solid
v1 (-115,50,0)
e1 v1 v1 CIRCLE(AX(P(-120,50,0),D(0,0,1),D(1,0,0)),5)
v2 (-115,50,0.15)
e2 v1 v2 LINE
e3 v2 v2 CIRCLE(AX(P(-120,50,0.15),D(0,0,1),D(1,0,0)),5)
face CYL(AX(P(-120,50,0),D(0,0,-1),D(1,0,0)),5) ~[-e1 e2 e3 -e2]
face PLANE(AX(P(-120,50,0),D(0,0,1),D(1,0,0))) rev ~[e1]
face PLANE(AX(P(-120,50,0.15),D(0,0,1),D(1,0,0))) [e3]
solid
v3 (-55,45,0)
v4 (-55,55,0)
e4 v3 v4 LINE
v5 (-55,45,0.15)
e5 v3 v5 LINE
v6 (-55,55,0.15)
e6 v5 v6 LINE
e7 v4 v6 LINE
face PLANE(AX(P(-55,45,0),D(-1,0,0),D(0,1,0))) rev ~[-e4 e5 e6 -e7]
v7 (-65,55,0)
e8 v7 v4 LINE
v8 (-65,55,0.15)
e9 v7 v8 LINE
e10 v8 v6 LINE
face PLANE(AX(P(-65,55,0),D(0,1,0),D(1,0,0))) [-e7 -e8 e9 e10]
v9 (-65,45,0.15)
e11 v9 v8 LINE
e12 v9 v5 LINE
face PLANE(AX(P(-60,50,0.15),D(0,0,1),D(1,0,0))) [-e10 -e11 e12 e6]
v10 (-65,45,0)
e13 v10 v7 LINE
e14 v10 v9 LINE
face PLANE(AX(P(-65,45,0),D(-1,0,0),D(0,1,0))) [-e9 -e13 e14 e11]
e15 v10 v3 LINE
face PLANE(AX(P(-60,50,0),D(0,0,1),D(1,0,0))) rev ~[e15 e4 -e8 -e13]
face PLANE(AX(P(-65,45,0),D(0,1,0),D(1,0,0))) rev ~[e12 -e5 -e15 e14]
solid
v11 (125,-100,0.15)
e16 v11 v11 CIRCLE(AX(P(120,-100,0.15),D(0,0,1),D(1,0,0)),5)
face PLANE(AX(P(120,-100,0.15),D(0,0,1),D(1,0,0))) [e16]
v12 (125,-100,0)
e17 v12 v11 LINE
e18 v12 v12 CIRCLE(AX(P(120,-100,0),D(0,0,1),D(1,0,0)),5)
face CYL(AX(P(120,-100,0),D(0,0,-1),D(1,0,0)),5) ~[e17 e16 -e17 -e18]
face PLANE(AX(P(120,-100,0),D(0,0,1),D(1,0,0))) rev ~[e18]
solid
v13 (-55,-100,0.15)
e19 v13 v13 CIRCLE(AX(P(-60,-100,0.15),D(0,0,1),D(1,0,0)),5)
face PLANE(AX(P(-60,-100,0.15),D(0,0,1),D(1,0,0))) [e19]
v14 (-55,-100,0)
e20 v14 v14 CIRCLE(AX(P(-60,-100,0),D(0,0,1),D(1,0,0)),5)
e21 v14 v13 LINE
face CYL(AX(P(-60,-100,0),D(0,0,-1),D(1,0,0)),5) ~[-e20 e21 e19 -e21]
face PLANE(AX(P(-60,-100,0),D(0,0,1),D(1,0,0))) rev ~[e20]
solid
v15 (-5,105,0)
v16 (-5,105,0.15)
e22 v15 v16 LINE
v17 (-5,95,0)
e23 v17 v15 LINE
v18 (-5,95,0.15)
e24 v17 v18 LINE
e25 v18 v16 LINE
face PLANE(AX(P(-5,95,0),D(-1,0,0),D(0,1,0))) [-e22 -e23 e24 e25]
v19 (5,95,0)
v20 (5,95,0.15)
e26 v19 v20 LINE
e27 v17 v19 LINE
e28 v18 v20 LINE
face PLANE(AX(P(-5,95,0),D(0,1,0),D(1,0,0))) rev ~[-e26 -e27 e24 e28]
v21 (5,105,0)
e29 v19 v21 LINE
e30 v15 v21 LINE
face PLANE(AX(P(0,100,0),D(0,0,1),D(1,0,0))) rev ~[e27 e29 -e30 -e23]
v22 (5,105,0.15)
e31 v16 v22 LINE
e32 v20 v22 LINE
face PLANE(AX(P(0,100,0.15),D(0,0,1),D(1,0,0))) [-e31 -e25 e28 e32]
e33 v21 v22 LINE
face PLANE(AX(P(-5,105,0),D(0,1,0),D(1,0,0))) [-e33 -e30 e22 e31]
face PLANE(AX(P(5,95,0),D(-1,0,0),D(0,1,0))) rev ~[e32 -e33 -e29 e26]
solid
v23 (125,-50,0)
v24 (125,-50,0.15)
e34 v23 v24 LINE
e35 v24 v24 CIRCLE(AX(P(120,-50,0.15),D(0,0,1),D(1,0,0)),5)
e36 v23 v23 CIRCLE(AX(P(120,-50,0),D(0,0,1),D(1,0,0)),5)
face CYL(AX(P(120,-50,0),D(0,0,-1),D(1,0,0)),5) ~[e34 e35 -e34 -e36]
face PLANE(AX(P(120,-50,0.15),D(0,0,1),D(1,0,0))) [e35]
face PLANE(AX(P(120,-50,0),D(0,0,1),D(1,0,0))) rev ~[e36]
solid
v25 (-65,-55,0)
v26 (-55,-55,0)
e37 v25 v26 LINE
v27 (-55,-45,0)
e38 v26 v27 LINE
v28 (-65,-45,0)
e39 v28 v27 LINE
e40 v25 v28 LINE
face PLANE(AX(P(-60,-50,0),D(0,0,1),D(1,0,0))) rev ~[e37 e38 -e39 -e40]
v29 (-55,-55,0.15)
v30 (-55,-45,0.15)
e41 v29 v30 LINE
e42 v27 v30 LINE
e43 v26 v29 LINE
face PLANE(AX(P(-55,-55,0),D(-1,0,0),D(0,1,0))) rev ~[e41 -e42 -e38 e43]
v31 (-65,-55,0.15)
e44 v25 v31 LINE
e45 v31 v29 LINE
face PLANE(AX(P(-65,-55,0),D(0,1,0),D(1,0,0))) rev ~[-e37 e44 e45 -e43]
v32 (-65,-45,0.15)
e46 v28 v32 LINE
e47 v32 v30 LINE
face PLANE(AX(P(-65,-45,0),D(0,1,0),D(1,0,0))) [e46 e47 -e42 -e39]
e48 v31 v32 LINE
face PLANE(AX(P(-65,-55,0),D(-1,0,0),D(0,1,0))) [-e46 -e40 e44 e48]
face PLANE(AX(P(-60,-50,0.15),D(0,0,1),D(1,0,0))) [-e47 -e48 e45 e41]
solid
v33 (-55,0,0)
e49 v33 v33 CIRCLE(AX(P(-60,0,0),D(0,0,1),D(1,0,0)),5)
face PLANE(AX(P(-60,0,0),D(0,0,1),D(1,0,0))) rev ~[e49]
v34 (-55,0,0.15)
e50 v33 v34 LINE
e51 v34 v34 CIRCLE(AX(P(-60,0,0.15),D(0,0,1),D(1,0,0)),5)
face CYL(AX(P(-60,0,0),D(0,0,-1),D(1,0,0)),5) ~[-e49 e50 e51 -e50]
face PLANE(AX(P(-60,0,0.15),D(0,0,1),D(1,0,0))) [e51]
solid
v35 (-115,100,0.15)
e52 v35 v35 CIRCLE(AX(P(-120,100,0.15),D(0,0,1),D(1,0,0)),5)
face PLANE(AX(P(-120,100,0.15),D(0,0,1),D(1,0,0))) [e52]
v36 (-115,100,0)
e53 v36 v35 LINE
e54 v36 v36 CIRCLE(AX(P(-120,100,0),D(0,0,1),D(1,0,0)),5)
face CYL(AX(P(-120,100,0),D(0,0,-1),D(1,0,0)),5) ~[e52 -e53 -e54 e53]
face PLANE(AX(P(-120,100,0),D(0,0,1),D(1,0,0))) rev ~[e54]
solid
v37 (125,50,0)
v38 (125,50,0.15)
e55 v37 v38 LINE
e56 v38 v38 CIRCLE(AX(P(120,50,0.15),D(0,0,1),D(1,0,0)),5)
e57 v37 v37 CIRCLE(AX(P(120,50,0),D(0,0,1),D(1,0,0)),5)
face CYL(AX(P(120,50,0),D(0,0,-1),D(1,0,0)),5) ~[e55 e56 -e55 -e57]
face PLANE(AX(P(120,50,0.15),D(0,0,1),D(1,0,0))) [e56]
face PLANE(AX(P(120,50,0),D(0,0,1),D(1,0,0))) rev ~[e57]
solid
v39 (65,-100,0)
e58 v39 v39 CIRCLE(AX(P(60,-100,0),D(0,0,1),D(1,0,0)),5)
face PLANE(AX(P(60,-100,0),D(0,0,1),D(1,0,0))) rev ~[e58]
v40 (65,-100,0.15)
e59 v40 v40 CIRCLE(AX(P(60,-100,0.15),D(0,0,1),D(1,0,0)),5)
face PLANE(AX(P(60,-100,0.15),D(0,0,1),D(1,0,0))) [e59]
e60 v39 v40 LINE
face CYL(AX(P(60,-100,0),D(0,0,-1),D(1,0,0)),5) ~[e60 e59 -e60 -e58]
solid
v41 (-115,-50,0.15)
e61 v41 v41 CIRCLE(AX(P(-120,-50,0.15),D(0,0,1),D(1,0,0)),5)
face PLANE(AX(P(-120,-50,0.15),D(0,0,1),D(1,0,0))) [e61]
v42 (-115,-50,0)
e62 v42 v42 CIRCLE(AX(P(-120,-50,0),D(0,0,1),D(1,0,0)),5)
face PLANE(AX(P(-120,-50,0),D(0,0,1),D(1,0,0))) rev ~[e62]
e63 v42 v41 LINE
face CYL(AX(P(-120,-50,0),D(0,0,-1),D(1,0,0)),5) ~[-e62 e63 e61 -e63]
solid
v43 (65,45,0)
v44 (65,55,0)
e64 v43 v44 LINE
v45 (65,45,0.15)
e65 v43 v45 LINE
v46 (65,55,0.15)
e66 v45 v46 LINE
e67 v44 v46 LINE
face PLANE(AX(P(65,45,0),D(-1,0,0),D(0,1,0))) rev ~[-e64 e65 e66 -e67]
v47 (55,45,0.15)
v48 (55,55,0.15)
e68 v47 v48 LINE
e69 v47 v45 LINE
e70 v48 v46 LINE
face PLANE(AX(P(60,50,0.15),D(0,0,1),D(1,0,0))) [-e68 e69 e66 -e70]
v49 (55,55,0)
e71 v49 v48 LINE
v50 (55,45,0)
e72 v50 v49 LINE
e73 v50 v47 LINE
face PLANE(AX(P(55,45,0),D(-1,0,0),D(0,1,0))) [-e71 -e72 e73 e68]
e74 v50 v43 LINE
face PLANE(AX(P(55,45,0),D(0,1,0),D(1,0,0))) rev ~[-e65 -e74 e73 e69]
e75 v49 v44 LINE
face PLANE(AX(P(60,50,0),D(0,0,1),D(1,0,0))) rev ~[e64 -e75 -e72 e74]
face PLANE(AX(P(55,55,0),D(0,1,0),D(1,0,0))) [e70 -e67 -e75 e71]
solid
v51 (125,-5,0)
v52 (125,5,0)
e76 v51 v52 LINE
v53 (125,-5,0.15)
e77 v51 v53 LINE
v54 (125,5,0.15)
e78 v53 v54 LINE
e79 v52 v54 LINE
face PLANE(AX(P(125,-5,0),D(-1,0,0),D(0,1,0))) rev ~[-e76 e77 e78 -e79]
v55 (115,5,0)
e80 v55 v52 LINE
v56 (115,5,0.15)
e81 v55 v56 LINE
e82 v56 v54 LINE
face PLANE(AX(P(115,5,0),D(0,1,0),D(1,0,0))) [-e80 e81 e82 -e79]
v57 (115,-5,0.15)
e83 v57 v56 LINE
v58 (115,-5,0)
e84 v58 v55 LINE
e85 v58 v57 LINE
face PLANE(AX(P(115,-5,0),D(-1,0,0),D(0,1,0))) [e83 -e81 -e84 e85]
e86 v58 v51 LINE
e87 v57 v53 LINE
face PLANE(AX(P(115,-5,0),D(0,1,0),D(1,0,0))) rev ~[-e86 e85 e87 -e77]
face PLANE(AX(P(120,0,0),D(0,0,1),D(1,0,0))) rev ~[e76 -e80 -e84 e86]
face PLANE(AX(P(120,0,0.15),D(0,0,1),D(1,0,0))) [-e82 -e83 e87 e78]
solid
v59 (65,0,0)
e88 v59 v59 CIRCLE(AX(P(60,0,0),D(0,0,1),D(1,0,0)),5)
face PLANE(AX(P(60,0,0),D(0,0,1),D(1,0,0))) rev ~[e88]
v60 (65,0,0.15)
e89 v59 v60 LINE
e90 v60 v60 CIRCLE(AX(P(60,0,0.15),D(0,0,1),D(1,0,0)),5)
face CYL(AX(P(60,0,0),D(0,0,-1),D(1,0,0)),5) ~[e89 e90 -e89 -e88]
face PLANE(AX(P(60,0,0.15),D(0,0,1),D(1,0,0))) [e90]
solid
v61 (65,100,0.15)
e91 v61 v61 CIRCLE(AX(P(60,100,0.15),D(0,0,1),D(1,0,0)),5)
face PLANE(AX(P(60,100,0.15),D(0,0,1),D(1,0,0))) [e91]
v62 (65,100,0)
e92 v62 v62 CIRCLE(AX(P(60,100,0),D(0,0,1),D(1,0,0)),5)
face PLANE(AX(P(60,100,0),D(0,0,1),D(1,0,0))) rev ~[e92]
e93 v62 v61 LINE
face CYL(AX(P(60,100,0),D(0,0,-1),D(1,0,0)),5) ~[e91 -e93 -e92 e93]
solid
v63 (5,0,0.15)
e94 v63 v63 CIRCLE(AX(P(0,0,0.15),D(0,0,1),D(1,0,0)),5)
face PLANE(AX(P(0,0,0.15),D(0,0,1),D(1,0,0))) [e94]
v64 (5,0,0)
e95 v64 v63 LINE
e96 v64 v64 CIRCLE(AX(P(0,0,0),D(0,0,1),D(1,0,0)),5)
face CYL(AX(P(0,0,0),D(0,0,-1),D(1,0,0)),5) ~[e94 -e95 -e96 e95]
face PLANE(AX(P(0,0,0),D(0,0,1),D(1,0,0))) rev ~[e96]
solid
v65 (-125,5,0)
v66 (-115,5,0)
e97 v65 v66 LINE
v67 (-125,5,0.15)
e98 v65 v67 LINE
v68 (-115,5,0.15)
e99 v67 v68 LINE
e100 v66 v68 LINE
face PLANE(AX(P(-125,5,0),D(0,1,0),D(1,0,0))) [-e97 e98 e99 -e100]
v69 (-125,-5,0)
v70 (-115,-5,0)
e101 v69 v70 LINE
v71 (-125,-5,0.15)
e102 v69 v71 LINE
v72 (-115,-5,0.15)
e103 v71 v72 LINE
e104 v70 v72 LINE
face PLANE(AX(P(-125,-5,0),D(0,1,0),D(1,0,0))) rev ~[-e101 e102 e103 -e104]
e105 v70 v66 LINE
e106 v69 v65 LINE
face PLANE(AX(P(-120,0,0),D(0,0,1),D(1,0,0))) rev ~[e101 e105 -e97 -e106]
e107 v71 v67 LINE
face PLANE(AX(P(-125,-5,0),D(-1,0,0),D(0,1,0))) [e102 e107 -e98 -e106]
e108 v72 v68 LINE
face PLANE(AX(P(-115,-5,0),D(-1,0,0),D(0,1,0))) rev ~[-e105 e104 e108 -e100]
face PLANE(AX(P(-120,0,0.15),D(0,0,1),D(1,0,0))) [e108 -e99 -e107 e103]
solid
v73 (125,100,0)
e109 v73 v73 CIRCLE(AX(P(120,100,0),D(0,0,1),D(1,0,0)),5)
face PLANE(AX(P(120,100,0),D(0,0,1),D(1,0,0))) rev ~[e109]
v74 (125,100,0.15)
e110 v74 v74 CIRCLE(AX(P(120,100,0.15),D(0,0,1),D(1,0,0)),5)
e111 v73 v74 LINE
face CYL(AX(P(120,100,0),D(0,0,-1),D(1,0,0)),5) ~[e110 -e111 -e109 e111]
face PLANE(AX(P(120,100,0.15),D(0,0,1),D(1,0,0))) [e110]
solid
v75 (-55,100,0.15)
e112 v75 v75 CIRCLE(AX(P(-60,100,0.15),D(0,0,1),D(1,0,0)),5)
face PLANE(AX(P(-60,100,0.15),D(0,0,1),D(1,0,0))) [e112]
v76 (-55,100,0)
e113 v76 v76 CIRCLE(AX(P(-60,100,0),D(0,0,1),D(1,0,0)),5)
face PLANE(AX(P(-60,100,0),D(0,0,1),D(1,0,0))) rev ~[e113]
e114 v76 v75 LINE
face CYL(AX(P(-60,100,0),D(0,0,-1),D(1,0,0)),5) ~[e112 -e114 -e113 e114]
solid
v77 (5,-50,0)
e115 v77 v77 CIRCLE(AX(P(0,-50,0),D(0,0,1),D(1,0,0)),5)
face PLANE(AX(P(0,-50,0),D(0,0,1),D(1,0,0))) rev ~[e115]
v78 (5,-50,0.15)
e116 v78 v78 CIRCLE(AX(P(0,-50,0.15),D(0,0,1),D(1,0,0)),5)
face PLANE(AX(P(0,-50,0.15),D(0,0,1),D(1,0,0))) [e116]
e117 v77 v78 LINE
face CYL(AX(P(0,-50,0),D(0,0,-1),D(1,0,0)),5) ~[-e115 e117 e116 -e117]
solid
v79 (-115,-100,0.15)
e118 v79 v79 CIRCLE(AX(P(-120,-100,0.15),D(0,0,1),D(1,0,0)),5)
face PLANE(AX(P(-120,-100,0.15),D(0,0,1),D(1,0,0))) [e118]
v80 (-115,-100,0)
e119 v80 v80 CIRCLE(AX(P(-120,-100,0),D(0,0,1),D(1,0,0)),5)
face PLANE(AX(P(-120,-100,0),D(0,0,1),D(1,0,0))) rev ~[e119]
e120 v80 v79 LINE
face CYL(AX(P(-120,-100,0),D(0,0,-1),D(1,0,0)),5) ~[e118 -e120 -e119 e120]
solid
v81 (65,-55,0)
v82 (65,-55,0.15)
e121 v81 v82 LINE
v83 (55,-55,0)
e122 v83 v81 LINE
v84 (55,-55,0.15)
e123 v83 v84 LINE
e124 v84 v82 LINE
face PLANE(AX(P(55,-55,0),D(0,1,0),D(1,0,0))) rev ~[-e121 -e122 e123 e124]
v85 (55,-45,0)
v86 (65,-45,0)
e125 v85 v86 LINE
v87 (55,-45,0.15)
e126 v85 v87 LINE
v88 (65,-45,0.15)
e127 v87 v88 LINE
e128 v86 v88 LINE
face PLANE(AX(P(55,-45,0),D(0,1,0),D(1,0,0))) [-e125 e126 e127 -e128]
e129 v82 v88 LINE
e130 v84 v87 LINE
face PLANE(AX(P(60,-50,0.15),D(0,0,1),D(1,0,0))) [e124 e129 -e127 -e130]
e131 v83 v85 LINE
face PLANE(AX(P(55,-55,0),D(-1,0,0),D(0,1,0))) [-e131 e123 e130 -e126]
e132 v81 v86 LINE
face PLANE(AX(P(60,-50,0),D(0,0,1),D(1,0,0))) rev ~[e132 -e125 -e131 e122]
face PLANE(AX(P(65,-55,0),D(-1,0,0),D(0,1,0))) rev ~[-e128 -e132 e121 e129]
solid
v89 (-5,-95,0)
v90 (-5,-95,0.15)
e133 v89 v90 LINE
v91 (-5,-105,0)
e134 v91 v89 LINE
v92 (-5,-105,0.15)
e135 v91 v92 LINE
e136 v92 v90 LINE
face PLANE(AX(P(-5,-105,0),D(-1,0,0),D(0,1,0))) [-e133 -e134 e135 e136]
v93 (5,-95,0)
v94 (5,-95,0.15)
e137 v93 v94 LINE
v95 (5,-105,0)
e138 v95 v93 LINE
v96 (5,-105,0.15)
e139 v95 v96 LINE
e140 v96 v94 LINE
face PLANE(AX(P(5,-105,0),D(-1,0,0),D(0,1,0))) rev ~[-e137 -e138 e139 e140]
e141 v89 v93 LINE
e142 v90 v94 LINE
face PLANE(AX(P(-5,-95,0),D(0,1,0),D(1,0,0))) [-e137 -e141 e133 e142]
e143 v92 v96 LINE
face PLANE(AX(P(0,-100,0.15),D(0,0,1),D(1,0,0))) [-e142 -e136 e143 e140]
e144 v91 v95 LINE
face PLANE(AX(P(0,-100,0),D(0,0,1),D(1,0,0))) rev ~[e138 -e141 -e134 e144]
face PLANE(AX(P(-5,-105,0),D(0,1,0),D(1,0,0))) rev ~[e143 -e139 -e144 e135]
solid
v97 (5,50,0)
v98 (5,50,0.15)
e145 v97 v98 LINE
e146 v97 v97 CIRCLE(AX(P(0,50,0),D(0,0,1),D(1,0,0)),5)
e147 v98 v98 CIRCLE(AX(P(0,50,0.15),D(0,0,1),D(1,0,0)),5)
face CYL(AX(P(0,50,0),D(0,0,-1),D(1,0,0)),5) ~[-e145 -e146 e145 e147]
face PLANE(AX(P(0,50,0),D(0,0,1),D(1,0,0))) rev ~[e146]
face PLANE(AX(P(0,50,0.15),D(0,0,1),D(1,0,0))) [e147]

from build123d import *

# Parameters (mm, degrees)
F0_R     = 5
F0_W     = 10
F0_H     = 10
F1_DEPTH = 0.15


with BuildPart() as f1:
    # F0 (on Top) → F1 (new body)
    with BuildSketch(Plane.XY):
        Circle(F0_R)
        with Locations((-120, 0)):
            Rectangle(F0_W, F0_H)
        with Locations((120, 0)):
            Rectangle(F0_W, F0_H)
        with Locations((0, 100)):
            Rectangle(F0_W, F0_H)
        with Locations((0, -100)):
            Rectangle(F0_W, F0_H)
        with Locations((-120, 100)):
            Circle(F0_R)
        with Locations((120, 100)):
            Circle(F0_R)
        with Locations((-120, -100)):
            Circle(F0_R)
        with Locations((120, -100)):
            Circle(F0_R)
        with Locations((-60, 50)):
            Rectangle(F0_W, F0_H)
        with Locations((-120, 50)):
            Circle(F0_R)
        with Locations((-60, 100)):
            Circle(F0_R)
        with Locations((-60, 0)):
            Circle(F0_R)
        with Locations((60, 100)):
            Circle(F0_R)
        with Locations((120, 50)):
            Circle(F0_R)
        with Locations((-120, -50)):
            Circle(F0_R)
        with Locations((-60, -100)):
            Circle(F0_R)
        with Locations((60, -100)):
            Circle(F0_R)
        with Locations((120, -50)):
            Circle(F0_R)
        with Locations((60, 50)):
            Rectangle(F0_W, F0_H)
        with Locations((-60, -50)):
            Rectangle(F0_W, F0_H)
        with Locations((60, -50)):
            Rectangle(F0_W, F0_H)
        with Locations((0, 50)):
            Circle(F0_R)
        with Locations((0, -50)):
            Circle(F0_R)
        with Locations((60, 0)):
            Circle(F0_R)
    extrude(amount=F1_DEPTH)


solid = f1.part
